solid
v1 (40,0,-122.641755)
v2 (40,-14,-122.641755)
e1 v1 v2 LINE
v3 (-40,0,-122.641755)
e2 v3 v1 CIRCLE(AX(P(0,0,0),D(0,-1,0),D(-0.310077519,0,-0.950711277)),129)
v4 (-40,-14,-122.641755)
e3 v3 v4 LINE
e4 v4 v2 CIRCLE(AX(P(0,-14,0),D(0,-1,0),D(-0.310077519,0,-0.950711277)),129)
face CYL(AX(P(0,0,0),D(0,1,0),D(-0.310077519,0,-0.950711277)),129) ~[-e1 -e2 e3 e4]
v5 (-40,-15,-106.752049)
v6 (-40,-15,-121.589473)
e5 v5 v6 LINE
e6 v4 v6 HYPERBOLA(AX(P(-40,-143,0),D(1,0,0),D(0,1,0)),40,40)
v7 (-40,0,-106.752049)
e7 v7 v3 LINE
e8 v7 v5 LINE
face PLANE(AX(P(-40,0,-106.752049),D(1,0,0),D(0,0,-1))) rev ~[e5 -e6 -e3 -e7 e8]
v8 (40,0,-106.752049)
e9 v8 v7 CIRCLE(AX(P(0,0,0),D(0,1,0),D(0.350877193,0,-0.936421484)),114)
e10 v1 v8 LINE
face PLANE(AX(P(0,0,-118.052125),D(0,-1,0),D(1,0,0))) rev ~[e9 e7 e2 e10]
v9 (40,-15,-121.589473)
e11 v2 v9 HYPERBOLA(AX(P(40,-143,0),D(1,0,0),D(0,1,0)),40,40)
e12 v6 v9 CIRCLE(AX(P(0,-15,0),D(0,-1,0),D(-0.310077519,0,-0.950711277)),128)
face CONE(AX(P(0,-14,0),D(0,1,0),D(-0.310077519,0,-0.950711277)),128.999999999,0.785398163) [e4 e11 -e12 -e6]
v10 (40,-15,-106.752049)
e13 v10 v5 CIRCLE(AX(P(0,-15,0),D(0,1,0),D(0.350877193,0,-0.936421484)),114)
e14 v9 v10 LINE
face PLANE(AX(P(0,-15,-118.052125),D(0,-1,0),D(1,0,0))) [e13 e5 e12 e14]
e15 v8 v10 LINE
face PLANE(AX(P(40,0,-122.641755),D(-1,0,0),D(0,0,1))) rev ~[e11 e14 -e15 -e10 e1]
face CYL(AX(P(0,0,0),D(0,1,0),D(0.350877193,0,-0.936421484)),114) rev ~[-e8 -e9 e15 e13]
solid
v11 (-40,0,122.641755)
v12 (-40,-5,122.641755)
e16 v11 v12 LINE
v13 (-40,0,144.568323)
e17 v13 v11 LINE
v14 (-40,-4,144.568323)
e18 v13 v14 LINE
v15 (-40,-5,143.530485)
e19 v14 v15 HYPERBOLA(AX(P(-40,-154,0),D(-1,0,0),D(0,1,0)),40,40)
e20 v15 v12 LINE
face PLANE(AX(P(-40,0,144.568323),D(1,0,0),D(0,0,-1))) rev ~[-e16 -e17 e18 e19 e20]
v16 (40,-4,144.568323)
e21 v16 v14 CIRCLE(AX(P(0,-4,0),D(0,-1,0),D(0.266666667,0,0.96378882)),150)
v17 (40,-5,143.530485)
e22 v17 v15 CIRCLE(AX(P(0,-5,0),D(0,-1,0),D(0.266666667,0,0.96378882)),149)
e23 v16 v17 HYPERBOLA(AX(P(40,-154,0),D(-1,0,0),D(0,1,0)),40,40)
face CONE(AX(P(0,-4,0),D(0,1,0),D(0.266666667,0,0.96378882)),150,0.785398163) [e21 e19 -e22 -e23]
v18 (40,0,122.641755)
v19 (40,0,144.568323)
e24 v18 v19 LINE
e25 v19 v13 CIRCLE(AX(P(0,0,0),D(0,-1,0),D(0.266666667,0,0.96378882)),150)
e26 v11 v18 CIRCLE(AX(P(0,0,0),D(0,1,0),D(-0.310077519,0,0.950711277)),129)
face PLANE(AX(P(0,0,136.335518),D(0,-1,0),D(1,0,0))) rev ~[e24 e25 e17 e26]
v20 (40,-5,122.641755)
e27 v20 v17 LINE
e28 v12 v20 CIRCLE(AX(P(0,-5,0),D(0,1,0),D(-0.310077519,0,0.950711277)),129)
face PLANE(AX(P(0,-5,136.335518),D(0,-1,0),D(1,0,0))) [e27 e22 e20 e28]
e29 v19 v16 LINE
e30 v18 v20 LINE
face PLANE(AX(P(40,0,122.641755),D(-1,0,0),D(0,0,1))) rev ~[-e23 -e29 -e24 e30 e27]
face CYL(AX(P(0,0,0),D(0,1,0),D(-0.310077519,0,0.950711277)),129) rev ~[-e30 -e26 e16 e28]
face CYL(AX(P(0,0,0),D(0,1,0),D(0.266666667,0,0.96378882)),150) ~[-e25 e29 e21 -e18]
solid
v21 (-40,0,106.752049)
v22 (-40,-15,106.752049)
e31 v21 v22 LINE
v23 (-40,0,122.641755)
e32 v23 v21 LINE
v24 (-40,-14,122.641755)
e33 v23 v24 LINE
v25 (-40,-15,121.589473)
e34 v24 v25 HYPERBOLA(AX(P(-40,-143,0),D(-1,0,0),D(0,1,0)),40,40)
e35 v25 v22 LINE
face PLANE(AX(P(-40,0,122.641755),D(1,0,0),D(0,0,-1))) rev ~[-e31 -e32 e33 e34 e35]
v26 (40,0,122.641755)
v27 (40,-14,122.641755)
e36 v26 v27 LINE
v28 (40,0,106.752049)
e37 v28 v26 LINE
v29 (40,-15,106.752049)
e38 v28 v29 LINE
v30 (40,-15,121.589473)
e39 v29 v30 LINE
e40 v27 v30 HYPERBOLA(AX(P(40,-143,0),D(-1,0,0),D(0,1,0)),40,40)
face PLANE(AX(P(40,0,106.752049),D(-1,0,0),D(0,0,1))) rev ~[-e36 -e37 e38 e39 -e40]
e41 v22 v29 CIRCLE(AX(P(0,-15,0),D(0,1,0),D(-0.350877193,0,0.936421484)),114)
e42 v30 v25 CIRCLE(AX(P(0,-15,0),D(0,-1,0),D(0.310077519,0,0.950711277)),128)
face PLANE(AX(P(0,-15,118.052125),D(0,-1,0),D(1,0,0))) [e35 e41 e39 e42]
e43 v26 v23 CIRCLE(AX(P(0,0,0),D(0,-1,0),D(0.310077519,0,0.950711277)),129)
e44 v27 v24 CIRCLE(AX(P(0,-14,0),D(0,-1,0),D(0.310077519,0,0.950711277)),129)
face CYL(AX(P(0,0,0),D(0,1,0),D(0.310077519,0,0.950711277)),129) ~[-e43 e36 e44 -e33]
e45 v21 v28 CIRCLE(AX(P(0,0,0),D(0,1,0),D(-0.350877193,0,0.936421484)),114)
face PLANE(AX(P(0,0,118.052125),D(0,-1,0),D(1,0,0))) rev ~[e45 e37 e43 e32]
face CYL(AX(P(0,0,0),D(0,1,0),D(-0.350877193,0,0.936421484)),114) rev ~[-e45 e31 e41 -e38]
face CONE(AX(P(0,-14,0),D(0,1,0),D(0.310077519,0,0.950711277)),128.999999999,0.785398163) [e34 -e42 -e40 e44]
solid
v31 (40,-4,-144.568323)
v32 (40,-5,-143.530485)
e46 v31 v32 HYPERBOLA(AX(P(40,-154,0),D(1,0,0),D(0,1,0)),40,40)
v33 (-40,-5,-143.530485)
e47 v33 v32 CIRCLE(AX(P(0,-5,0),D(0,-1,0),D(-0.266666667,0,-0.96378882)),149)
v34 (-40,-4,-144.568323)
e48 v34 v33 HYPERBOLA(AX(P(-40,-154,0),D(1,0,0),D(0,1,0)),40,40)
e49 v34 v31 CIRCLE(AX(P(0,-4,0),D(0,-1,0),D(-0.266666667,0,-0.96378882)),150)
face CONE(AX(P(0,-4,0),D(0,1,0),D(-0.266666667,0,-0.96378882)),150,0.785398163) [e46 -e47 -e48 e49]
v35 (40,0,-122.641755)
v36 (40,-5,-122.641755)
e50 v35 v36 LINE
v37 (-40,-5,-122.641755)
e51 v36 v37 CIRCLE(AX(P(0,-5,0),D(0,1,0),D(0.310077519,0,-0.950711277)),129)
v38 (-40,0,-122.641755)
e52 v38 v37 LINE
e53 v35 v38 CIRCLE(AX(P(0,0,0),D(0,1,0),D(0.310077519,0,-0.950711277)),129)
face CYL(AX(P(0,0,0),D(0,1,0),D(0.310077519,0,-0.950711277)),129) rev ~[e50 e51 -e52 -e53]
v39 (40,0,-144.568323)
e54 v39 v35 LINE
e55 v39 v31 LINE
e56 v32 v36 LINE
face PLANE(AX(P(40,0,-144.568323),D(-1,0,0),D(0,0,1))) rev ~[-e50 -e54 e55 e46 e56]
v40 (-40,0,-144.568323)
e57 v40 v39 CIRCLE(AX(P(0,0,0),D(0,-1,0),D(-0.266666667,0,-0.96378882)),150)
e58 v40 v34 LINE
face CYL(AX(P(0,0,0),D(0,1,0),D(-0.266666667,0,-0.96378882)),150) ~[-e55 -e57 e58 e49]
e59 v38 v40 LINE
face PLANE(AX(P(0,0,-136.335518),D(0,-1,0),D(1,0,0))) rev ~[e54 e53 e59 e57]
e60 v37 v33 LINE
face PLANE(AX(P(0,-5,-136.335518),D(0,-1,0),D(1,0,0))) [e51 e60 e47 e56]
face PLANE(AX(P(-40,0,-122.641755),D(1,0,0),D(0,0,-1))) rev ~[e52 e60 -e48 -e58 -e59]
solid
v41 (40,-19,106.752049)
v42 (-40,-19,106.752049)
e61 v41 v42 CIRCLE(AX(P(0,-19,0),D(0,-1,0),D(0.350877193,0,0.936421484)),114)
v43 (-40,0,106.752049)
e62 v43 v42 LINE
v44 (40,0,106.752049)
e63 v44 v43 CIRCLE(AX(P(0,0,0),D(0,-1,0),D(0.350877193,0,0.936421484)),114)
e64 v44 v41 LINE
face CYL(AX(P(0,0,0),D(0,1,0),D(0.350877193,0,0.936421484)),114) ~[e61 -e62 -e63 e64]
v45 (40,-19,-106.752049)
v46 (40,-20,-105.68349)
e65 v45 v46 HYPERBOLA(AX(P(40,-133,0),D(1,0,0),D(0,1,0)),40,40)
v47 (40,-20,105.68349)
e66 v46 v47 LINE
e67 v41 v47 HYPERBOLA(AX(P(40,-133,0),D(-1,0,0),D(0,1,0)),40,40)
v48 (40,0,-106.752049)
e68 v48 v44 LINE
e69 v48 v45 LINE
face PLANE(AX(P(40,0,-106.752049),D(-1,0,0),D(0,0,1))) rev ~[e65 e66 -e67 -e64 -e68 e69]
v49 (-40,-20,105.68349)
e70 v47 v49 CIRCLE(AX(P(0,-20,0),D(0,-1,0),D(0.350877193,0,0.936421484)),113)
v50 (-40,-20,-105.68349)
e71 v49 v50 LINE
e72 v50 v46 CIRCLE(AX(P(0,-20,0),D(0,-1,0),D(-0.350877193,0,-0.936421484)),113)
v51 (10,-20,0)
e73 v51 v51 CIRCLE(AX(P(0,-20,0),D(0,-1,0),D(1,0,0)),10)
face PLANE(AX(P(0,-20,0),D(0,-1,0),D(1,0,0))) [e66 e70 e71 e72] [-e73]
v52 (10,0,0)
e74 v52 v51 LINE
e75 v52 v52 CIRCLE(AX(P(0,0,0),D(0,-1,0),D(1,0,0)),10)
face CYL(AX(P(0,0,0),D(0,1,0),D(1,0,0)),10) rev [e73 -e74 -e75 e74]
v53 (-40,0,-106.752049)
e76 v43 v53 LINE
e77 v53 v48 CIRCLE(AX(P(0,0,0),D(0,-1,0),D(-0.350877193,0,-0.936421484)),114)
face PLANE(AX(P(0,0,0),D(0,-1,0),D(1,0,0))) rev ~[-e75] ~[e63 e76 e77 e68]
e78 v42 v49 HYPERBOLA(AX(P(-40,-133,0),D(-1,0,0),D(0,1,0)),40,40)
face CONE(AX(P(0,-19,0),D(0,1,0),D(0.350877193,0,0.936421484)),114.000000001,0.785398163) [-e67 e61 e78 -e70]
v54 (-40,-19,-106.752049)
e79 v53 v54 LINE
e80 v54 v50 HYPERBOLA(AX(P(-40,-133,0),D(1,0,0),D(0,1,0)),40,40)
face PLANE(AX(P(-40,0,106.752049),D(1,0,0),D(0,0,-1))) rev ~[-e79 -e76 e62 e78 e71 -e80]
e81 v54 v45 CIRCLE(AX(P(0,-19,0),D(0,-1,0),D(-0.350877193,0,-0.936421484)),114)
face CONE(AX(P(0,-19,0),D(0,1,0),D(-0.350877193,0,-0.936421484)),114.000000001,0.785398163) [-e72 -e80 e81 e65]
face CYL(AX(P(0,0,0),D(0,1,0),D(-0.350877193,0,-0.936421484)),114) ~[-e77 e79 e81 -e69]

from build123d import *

# Parameters (mm, degrees)
F1_DEPTH  = 5
F2_DEPTH  = 15
F0_R      = 10
F3_DEPTH  = 20
F4_DEPTH  = 25
F5_SIZE   = 1
F5_2_SIZE = 1
F5_3_SIZE = 1
F5_4_SIZE = 1
F5_5_SIZE = 1


with BuildPart() as f1:
    # F0 (on Front) → F1 (new body)
    with BuildSketch(Plane.XZ):
        with BuildLine():
            Line((40, 122.6417547167), (40, 144.568322948))
            ThreePointArc((40, 144.568322948), (0, 150), (-40, 144.568322948))
            Line((-40, 144.568322948), (-40, 122.6417547167))
            ThreePointArc((-40, 122.6417547167), (0, 129), (40, 122.6417547167))
        make_face()
    extrude(amount=F1_DEPTH)

    # F0 (on Front) → F4 (cut)
    with BuildSketch(Plane.XZ):
        Circle(F0_R)
    extrude(amount=F4_DEPTH, mode=Mode.SUBTRACT)

    # F5
    f5_edges = [f1.edges().sort_by_distance(p)[0] for p in [
        (0, -5, 150),
    ]]
    chamfer(f5_edges, length=F5_SIZE)


with BuildPart() as f1b:
    # F0 (on Front) → F1, piece 2 (new body)
    with BuildSketch(Plane.XZ):
        with BuildLine():
            ThreePointArc((-40, -144.568322948), (0, -150), (40, -144.568322948))
            Line((40, -144.568322948), (40, -122.6417547167))
            ThreePointArc((40, -122.6417547167), (0, -129), (-40, -122.6417547167))
            Line((-40, -122.6417547167), (-40, -144.568322948))
        make_face()
    extrude(amount=F1_DEPTH)

    # F5#5
    f5_5_edges = [f1b.edges().sort_by_distance(p)[0] for p in [
        (0, -5, -150),
    ]]
    chamfer(f5_5_edges, length=F5_5_SIZE)


with BuildPart() as f2:
    # F0 (on Front) → F2 (new body)
    with BuildSketch(Plane.XZ):
        with BuildLine():
            ThreePointArc((-40, -122.6417547167), (0, -129), (40, -122.6417547167))
            Line((40, -122.6417547167), (40, -106.7520491607))
            ThreePointArc((40, -106.7520491607), (0, -114), (-40, -106.7520491607))
            Line((-40, -106.7520491607), (-40, -122.6417547167))
        make_face()
    extrude(amount=F2_DEPTH)

    # F5#4
    f5_4_edges = [f2.edges().sort_by_distance(p)[0] for p in [
        (0, -15, -129),
    ]]
    chamfer(f5_4_edges, length=F5_4_SIZE)


with BuildPart() as f2b:
    # F0 (on Front) → F2, piece 2 (new body)
    with BuildSketch(Plane.XZ):
        with BuildLine():
            Line((40, 106.7520491607), (40, 122.6417547167))
            ThreePointArc((40, 122.6417547167), (0, 129), (-40, 122.6417547167))
            Line((-40, 122.6417547167), (-40, 106.7520491607))
            ThreePointArc((-40, 106.7520491607), (0, 114), (40, 106.7520491607))
        make_face()
    extrude(amount=F2_DEPTH)

    # F5#2
    f5_2_edges = [f2b.edges().sort_by_distance(p)[0] for p in [
        (0, -15, 129),
    ]]
    chamfer(f5_2_edges, length=F5_2_SIZE)


with BuildPart() as f3:
    # F0 (on Front) → F3 (new body)
    with BuildSketch(Plane.XZ):
        with BuildLine():
            Line((40, -106.7520491607), (40, 106.7520491607))
            ThreePointArc((40, 106.7520491607), (0, 114), (-40, 106.7520491607))
            Line((-40, 106.7520491607), (-40, -106.7520491607))
            ThreePointArc((-40, -106.7520491607), (0, -114), (40, -106.7520491607))
        make_face()
        Circle(F0_R, mode=Mode.SUBTRACT)
    extrude(amount=F3_DEPTH)

    # F5#3
    f5_3_edges = [f3.edges().sort_by_distance(p)[0] for p in [
        (0, -20, 114),
        (0, -20, -114),
    ]]
    chamfer(f5_3_edges, length=F5_3_SIZE)


solid = Compound([f1.part, f1b.part, f2.part, f2b.part, f3.part])
